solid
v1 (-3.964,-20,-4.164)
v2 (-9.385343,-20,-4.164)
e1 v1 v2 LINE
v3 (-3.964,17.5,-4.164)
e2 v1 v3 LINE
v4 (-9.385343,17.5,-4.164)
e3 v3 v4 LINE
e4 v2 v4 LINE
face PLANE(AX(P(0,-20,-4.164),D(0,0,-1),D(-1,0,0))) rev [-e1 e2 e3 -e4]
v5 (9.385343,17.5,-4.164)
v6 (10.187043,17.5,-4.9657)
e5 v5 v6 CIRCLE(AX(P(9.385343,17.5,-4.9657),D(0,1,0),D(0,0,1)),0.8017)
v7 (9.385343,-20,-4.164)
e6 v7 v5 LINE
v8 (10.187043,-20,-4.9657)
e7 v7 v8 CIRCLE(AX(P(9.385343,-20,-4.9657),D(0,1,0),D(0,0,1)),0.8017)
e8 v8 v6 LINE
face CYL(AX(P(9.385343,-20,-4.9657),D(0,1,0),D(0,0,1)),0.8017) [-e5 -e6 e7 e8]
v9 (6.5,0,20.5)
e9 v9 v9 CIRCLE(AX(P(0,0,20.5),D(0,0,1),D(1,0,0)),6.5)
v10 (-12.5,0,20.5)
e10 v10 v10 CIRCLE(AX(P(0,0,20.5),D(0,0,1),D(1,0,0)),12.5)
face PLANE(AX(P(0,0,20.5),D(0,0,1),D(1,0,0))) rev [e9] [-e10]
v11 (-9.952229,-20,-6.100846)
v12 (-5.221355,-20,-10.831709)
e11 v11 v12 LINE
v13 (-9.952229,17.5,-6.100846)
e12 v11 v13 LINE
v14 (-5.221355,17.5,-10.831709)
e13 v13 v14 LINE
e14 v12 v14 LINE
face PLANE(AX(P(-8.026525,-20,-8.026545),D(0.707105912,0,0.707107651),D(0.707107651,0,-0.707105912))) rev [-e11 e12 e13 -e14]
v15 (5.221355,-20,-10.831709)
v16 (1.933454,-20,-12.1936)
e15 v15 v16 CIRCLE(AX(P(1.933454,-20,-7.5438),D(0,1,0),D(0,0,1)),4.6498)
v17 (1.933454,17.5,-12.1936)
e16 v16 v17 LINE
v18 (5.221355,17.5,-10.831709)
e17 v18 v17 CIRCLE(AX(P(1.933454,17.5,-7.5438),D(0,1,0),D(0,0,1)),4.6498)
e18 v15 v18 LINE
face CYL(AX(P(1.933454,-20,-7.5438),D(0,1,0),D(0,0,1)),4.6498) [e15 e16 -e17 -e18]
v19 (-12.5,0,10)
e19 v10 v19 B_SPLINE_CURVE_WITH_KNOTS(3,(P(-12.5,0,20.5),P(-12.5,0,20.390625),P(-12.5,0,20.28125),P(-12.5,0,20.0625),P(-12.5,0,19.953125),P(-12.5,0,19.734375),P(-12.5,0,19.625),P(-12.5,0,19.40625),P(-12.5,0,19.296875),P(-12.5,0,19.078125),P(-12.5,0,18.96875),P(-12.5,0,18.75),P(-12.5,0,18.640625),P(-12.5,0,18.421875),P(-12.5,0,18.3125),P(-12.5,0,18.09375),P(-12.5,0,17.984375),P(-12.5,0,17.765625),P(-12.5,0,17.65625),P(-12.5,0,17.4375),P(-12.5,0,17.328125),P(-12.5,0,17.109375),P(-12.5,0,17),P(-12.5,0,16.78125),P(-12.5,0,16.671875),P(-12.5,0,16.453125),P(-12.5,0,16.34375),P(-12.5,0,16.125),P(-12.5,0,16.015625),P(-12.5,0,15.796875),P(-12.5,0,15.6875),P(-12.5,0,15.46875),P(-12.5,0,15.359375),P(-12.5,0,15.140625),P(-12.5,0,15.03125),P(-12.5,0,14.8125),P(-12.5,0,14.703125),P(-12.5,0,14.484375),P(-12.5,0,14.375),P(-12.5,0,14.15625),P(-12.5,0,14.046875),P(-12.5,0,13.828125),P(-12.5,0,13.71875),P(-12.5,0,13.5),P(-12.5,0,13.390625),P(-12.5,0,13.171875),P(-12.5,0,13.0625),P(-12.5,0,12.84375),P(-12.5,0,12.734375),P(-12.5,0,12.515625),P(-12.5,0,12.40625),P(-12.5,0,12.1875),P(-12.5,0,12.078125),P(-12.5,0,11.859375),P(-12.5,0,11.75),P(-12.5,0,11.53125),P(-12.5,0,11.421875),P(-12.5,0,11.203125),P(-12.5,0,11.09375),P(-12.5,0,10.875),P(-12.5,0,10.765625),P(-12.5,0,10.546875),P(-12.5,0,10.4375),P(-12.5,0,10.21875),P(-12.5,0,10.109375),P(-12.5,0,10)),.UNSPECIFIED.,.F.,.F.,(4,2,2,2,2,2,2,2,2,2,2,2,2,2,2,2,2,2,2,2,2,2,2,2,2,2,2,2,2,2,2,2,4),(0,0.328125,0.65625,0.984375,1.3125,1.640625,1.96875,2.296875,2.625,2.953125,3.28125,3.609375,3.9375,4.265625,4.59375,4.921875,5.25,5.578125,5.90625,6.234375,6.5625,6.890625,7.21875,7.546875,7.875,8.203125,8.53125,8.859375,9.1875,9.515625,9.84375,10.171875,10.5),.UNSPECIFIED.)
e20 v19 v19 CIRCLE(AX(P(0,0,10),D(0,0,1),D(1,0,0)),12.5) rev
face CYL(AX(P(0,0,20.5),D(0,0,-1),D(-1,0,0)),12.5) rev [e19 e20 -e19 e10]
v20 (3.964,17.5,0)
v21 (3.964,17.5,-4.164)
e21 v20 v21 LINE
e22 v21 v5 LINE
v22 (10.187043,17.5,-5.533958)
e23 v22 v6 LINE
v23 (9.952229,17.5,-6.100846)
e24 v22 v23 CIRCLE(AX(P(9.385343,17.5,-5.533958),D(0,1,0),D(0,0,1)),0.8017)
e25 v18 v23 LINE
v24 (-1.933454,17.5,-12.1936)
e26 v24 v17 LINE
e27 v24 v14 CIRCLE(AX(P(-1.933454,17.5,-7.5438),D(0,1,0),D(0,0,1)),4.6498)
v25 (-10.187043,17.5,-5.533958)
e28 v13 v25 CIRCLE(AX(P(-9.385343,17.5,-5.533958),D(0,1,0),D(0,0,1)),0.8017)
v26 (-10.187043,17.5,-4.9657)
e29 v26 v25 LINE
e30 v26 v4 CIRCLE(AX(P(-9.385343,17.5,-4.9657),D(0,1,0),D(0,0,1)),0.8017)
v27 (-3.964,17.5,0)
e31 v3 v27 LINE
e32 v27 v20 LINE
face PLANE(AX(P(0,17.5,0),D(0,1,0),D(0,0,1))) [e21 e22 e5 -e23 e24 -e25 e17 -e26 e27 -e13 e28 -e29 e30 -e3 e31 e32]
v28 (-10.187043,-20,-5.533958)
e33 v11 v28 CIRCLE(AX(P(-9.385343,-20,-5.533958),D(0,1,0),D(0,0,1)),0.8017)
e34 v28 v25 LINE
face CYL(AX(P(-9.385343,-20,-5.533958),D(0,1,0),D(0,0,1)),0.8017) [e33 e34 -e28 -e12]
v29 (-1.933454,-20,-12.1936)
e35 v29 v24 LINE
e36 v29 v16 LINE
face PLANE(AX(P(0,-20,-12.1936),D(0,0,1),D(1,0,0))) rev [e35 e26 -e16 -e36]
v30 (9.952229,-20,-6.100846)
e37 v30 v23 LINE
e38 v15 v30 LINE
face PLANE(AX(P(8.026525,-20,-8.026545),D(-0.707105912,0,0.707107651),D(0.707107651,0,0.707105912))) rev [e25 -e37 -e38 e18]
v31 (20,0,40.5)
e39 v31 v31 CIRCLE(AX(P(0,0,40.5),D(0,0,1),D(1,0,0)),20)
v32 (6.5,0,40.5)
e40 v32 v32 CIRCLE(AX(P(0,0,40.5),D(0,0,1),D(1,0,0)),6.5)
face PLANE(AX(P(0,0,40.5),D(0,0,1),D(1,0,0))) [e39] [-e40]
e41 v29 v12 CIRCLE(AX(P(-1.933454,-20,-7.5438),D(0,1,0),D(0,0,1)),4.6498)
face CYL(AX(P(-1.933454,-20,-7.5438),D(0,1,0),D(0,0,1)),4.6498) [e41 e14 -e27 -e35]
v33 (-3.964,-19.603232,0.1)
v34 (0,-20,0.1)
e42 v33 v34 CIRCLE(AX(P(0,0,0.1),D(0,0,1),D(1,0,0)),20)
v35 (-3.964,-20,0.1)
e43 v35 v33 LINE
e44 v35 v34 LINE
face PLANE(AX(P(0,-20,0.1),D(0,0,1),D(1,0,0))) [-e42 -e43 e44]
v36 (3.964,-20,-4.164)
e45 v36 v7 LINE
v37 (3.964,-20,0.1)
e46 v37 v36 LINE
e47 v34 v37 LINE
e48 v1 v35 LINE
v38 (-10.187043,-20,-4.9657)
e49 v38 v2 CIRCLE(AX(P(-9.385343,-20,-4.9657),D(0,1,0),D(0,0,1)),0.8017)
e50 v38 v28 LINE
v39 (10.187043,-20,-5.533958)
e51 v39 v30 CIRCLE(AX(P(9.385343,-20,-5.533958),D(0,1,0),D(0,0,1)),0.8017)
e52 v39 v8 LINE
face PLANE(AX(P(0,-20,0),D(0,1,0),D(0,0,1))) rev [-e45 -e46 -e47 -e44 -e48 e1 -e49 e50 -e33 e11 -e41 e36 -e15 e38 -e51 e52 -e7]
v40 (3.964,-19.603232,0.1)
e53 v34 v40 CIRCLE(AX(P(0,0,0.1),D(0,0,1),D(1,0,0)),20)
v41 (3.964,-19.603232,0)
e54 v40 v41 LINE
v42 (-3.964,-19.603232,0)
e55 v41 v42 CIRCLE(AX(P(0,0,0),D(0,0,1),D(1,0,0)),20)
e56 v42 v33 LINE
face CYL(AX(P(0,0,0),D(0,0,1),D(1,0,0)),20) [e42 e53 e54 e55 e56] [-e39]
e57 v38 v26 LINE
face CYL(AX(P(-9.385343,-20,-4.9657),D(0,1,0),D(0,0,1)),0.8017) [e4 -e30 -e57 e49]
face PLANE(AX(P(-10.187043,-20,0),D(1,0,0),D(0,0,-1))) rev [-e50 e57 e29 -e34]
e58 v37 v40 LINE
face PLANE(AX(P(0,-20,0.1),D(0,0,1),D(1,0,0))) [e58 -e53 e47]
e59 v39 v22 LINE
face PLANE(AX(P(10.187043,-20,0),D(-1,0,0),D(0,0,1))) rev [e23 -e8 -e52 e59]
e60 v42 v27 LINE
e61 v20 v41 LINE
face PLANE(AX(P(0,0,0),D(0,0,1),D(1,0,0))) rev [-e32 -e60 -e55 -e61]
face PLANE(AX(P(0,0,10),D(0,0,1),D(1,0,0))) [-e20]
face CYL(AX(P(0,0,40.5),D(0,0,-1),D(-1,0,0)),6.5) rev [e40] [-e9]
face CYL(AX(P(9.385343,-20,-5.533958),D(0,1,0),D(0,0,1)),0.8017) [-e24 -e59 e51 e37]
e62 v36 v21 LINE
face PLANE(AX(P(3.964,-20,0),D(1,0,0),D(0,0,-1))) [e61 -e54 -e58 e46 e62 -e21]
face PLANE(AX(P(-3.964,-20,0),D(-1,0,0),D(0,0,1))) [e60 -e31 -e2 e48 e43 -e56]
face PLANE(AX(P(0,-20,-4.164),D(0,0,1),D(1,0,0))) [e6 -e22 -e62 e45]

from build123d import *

# Parameters (mm, degrees)
BOSS_EXTRUDE1_DEPTH      = 17.5
BOSS_EXTRUDE1_DEPTH_BACK = 20
BOSS_EXTRUDE2_DEPTH      = 5
BOSS_EXTRUDE2_DEPTH_BACK = 5
SKETCH4_R                = 20
BOSS_EXTRUDE3_START      = 10.5
SKETCH5_R                = 20
SKETCH5_R_2              = 12.5
BOSS_EXTRUDE3_DEPTH      = 10.5
BOSS_EXTRUDE4_START      = 20
SKETCH6_R                = 20
SKETCH6_R_2              = 6.5
BOSS_EXTRUDE4_DEPTH      = 20


with BuildPart() as part:
    # Sketch3 → Boss-Extrude1 (new, two sides: drawn at the far end of the back side and taken through both)
    with BuildSketch(Plane(origin=(0, 0, 0), x_dir=(1, 0, 0), z_dir=(0, 1, 0)).offset(-BOSS_EXTRUDE1_DEPTH_BACK)):
        with BuildLine():
            Line((-9.385342517, 4.164), (-5.617617549, 4.164))
            Line((-5.617617549, 4.164), (-3.964, 4.164))
            Line((-3.964, 4.164), (-3.964, 2.510382451))
            Line((-3.964, 2.510382451), (-3.964, 1.553617549))
            Line((-3.964, 1.553617549), (-3.964, -0.1))
            Line((-3.964, -0.1), (3.964, -0.1))
            Line((3.964, -0.1), (3.964, 1.553617549))
            Line((3.964, 1.553617549), (3.964, 2.510382451))
            Line((3.964, 2.510382451), (3.964, 4.164))
            Line((3.964, 4.164), (5.617617549, 4.164))
            Line((5.617617549, 4.164), (9.385342517, 4.164))
            ThreePointArc((9.385342517, 4.164), (9.952230024, 4.398812494), (10.187042517, 4.9657))
            Line((10.187042517, 4.9657), (10.187042517, 5.533957912))
            ThreePointArc((10.187042517, 5.533957912), (10.12601655, 5.840755675), (9.952229326, 6.100846116))
            Line((9.952229326, 6.100846116), (5.221354652, 10.831709155))
            ThreePointArc((5.221354652, 10.831709155), (3.712852366, 11.839656144), (1.933453584, 12.1936))
            Line((1.933453584, 12.1936), (-1.933453584, 12.1936))
            ThreePointArc((-1.933453584, 12.1936), (-3.712852366, 11.839656144), (-5.221354652, 10.831709155))
            Line((-5.221354652, 10.831709155), (-9.952229326, 6.100846116))
            ThreePointArc((-9.952229326, 6.100846116), (-10.12601655, 5.840755675), (-10.187042517, 5.533957912))
            Line((-10.187042517, 5.533957912), (-10.187042517, 4.9657))
            ThreePointArc((-10.187042517, 4.9657), (-9.952230024, 4.398812494), (-9.385342517, 4.164))
        make_face()
    extrude(amount=BOSS_EXTRUDE1_DEPTH + BOSS_EXTRUDE1_DEPTH_BACK)

    # Sketch4 → Boss-Extrude2 (add, two sides: drawn at the far end of the back side and taken through both)
    with BuildSketch(Plane.XY.offset(5).offset(-BOSS_EXTRUDE2_DEPTH_BACK)):
        Circle(SKETCH4_R)
    extrude(amount=BOSS_EXTRUDE2_DEPTH + BOSS_EXTRUDE2_DEPTH_BACK)

    # Sketch5 → Boss-Extrude3 (add)
    with BuildSketch(Plane.XY.offset(10).offset(BOSS_EXTRUDE3_START)):
        Circle(SKETCH5_R)
        with Locations(Location((0, 0, 0), (0, 0, 180))):
            Circle(SKETCH5_R_2, mode=Mode.SUBTRACT)
    extrude(amount=-BOSS_EXTRUDE3_DEPTH)

    # Sketch6 → Boss-Extrude4 (add)
    with BuildSketch(Plane.XY.offset(20.5).offset(BOSS_EXTRUDE4_START)):
        Circle(SKETCH6_R)
        Circle(SKETCH6_R_2, mode=Mode.SUBTRACT)
    extrude(amount=-BOSS_EXTRUDE4_DEPTH)


solid = part.part
